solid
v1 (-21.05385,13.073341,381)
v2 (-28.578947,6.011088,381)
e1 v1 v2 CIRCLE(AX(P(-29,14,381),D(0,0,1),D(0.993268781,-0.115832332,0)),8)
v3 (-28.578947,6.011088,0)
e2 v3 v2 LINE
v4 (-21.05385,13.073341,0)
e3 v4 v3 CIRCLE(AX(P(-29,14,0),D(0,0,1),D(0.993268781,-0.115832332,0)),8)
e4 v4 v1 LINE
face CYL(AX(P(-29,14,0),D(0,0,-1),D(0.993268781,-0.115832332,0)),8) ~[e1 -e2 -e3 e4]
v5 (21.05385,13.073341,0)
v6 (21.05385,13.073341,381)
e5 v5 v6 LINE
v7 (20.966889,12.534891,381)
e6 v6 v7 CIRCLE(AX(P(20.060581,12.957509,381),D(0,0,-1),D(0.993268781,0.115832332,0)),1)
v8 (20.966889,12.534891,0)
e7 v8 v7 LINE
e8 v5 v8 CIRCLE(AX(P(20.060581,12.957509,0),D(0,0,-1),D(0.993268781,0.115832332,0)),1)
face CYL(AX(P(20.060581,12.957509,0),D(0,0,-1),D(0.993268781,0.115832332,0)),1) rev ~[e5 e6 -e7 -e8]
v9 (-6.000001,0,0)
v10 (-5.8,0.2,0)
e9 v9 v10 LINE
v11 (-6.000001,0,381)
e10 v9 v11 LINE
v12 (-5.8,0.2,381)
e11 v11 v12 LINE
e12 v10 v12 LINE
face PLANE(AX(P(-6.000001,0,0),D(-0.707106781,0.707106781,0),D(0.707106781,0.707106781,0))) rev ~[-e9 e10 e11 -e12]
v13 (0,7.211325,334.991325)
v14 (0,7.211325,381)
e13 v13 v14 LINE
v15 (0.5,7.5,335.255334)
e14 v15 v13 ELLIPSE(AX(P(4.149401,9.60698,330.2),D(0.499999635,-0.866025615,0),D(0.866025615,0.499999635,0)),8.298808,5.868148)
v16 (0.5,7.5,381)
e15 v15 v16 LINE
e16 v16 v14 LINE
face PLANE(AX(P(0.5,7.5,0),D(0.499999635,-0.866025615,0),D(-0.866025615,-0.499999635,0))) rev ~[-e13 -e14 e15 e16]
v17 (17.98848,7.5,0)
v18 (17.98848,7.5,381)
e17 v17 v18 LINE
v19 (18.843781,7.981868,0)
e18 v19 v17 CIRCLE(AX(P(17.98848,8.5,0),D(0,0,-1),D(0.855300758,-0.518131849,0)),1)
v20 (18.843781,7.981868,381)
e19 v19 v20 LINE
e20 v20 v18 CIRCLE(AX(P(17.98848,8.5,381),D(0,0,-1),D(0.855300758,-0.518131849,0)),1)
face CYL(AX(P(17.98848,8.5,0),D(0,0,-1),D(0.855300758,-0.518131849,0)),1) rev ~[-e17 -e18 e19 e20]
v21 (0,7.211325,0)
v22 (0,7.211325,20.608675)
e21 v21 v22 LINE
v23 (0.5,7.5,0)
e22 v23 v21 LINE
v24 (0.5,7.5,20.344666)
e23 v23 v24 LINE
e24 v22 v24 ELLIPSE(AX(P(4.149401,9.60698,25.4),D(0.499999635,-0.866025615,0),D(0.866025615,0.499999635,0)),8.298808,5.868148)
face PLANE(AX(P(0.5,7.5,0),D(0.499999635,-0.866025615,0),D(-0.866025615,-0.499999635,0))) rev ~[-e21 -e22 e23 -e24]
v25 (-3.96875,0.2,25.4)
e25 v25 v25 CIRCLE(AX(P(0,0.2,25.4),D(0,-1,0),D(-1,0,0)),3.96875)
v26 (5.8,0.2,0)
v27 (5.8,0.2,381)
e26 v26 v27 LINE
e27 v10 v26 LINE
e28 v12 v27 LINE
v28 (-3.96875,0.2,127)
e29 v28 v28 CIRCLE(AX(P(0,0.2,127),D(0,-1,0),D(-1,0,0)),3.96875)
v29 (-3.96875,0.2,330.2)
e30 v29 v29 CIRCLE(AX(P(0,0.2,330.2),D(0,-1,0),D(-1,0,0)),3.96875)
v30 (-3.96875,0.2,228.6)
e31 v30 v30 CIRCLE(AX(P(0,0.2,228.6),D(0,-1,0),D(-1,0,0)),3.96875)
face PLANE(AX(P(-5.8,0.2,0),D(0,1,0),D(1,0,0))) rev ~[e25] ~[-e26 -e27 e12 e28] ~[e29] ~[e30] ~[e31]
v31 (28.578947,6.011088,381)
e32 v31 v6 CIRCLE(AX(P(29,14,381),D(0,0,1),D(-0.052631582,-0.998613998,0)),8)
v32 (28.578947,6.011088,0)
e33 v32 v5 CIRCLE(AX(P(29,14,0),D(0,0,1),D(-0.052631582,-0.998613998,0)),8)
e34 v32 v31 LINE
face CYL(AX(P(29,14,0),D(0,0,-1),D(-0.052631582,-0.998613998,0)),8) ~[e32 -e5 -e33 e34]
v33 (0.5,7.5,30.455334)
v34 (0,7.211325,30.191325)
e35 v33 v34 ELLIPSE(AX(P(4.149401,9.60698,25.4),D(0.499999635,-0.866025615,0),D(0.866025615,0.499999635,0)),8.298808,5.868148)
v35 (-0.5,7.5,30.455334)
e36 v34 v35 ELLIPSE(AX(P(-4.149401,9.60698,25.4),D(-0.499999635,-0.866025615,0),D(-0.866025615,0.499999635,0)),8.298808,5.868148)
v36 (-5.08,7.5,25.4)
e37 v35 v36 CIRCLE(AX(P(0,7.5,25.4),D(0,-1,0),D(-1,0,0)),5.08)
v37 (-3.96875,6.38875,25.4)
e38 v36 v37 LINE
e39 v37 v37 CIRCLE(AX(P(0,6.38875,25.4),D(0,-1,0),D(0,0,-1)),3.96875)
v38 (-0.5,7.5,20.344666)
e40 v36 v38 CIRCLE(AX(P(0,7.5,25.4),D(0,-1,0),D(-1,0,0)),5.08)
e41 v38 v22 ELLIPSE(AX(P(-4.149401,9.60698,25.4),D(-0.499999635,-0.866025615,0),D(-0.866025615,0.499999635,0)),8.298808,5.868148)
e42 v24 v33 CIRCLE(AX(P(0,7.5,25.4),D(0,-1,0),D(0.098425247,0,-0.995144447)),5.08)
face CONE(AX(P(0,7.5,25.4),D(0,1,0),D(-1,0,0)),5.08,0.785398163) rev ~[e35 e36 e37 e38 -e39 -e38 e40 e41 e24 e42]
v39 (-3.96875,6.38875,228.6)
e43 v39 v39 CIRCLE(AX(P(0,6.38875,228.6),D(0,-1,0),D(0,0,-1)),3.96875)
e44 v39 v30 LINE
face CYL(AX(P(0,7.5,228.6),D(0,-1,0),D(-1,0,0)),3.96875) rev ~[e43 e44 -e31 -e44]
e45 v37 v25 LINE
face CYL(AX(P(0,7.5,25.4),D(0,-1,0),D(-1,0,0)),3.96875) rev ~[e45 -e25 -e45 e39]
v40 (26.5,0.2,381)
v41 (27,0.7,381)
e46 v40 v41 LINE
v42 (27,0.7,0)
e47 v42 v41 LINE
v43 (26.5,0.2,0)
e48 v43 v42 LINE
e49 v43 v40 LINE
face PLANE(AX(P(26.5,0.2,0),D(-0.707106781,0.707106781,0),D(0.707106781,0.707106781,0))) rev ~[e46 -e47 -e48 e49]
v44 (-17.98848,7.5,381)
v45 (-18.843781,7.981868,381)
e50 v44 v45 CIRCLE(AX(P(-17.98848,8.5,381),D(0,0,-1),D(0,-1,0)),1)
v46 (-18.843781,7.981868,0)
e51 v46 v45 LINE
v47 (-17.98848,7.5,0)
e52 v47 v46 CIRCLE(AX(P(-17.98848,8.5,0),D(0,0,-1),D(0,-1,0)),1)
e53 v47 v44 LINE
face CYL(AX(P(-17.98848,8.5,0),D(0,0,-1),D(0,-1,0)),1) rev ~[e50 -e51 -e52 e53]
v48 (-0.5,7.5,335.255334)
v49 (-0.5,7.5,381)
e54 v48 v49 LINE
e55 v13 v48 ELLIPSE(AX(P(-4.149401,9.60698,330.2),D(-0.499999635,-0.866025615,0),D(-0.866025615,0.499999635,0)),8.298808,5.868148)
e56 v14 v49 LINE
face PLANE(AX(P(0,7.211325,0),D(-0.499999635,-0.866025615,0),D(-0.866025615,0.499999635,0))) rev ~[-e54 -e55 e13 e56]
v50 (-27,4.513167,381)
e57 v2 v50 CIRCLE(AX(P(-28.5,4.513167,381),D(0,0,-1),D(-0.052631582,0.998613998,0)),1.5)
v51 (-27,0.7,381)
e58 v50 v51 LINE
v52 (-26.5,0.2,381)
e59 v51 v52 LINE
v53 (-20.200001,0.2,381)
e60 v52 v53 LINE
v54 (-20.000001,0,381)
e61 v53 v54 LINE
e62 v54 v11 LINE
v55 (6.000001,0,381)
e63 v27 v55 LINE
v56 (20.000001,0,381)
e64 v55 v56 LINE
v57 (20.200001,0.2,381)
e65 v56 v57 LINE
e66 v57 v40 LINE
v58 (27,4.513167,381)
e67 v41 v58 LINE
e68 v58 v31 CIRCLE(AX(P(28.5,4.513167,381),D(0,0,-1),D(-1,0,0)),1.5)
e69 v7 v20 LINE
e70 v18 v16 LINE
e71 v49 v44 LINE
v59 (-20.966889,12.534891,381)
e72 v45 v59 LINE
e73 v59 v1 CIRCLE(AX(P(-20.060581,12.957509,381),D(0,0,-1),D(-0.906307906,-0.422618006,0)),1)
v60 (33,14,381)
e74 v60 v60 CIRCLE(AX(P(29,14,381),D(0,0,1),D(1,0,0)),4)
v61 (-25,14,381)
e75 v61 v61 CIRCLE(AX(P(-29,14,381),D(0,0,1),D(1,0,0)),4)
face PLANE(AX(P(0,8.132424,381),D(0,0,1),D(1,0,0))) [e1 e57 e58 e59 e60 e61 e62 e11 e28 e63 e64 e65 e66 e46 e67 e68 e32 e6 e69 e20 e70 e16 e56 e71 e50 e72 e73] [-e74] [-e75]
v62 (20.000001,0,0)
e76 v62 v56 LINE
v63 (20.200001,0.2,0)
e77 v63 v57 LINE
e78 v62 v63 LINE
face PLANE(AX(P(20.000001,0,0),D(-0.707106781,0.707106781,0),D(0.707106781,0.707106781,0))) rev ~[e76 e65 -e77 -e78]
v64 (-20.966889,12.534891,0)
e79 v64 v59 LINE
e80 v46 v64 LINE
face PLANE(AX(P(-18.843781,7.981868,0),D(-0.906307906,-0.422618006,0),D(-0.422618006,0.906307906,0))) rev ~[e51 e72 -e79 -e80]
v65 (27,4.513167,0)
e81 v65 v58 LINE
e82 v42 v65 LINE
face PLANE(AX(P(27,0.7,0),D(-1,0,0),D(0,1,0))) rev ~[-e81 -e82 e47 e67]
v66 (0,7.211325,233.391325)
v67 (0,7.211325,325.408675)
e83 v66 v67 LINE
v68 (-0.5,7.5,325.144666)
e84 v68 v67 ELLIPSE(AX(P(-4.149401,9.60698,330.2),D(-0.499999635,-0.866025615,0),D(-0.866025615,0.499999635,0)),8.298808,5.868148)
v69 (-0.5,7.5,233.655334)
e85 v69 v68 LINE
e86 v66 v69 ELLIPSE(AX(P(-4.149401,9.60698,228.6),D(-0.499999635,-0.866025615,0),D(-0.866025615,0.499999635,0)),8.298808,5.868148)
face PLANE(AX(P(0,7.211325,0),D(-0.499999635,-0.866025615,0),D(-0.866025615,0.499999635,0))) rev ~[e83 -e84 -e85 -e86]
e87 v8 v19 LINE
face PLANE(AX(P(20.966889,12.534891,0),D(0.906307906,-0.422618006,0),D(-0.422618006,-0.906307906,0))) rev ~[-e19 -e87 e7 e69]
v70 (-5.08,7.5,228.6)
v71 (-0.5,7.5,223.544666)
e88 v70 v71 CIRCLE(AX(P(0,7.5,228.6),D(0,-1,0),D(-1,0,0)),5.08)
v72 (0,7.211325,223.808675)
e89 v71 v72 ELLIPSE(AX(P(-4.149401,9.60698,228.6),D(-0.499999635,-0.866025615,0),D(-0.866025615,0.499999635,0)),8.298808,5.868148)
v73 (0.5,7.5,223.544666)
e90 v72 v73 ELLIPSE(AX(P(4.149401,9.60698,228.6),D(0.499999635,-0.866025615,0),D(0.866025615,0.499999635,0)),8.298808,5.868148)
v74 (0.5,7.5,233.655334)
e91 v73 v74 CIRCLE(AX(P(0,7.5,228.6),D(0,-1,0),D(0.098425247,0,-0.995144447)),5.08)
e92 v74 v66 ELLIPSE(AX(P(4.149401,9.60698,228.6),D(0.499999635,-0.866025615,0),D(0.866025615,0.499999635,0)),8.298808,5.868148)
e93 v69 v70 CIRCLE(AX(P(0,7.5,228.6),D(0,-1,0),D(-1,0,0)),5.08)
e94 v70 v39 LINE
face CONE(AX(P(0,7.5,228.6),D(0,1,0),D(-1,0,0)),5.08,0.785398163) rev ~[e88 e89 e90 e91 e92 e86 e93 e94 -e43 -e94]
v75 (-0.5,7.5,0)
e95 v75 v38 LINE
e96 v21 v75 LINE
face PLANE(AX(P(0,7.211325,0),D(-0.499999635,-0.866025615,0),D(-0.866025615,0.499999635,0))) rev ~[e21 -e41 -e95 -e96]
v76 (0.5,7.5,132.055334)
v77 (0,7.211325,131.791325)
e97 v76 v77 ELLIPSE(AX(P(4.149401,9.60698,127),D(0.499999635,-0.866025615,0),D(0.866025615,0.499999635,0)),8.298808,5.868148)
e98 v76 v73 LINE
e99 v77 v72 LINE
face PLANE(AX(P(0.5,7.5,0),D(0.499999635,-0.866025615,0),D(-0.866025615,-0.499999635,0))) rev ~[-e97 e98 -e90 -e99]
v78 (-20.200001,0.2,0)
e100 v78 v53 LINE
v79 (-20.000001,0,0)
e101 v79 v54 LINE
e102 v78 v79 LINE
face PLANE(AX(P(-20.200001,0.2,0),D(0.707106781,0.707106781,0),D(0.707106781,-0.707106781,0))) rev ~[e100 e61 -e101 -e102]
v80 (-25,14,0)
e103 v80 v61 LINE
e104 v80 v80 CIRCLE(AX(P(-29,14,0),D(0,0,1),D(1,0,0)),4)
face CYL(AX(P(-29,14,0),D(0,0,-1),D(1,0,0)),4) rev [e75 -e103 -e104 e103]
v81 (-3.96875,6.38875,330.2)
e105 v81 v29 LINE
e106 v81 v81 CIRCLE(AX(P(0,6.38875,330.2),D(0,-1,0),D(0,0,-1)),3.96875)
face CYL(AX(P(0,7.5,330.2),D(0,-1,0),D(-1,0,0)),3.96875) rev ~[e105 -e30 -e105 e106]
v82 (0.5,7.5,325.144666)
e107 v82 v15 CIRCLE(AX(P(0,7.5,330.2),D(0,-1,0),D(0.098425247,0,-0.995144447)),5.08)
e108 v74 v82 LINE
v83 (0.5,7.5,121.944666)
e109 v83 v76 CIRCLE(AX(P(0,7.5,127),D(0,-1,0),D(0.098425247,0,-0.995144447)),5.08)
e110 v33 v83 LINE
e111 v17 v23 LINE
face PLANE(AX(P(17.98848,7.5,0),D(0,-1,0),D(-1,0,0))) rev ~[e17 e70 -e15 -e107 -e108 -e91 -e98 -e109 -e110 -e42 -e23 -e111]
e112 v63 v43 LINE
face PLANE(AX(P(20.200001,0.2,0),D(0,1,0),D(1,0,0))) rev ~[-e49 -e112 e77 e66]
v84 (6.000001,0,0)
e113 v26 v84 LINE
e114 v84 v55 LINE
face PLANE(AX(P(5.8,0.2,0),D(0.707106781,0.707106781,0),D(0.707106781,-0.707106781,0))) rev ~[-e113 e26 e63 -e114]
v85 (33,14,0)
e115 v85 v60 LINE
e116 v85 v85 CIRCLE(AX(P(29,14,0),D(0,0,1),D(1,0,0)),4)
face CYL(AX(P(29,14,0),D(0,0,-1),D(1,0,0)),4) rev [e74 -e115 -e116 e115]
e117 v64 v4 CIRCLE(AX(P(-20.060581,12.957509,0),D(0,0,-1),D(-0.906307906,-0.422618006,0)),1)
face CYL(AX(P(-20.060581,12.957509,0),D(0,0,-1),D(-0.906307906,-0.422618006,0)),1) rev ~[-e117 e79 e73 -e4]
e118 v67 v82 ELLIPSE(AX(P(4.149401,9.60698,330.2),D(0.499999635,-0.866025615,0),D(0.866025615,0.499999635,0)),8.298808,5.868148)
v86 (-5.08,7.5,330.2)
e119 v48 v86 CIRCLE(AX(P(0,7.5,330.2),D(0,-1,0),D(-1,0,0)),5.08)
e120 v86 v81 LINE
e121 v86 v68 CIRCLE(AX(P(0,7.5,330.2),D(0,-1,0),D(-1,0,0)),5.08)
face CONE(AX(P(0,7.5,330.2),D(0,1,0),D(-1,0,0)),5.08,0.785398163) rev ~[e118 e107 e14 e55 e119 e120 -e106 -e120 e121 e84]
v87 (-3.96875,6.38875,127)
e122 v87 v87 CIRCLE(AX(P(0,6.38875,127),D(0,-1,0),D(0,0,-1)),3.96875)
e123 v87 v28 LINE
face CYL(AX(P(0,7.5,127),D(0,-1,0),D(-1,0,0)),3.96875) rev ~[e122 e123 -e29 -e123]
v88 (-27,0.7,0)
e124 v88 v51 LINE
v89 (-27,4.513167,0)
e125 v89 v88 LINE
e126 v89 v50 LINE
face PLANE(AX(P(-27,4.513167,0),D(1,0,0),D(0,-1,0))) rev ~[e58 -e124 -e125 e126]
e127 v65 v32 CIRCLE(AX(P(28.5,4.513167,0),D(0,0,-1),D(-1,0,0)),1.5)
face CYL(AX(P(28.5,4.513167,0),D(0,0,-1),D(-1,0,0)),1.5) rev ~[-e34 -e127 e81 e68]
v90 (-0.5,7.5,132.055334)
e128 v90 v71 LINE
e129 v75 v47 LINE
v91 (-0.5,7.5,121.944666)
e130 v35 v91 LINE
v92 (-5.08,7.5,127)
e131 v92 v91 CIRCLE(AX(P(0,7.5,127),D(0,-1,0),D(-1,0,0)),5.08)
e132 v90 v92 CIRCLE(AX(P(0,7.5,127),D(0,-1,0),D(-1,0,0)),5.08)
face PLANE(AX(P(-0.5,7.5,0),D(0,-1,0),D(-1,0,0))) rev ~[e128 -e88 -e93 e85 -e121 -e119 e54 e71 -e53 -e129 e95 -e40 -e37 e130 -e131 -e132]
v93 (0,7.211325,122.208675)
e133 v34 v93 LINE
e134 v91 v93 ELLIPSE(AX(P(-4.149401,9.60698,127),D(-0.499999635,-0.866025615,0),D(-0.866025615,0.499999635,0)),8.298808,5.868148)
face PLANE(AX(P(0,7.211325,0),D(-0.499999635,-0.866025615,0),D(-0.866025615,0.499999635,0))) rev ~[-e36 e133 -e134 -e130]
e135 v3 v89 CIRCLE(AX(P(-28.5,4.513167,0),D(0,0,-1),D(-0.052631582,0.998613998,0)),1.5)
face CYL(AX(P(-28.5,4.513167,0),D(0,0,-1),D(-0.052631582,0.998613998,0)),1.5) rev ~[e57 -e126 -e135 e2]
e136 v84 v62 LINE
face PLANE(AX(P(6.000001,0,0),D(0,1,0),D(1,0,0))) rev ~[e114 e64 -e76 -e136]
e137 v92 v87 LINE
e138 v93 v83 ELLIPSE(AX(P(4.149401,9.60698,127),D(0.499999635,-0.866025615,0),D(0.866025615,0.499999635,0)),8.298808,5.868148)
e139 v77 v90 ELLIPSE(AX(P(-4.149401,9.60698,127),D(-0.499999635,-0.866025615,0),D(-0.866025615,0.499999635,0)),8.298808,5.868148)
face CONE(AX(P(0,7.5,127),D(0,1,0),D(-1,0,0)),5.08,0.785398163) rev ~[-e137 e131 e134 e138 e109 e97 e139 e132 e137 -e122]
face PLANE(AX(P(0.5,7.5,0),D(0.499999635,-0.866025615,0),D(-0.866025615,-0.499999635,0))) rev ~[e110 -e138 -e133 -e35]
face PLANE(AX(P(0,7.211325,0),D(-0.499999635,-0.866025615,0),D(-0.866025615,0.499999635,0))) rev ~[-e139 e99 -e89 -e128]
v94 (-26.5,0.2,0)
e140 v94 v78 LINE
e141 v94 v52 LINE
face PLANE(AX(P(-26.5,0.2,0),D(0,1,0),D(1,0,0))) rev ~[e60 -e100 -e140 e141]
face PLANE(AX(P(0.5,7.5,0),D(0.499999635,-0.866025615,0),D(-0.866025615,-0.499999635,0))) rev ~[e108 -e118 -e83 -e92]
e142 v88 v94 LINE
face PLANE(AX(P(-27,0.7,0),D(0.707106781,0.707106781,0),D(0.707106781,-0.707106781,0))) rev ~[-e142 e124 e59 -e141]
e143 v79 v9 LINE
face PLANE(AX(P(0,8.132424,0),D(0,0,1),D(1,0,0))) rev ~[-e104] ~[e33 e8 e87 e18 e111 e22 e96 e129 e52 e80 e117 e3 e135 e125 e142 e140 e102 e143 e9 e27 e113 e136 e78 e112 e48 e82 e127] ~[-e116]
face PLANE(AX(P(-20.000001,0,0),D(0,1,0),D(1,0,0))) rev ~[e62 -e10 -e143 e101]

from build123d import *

# Parameters (mm, degrees)
MODEL_R                           = 3.999999997
BOSS_EXTRUDE1_DEPTH               = 381
F_3_8_16_TAPPED_HOLE1_D           = 7.9375
F_3_8_16_TAPPED_HOLE1_CSINK_D     = 10.16
F_3_8_16_TAPPED_HOLE1_CSINK_ANGLE = 90


with BuildPart() as part:
    # Model → Boss-Extrude1 (new body)
    with BuildSketch(Plane.XY):
        with BuildLine():
            Line((-18.843780991, 7.981867858), (-20.966888929, 12.534890876))
            ThreePointArc((-20.966888929, 12.534890876), (-21.047789267, 12.798072701), (-21.053849819, 13.07334131))
            ThreePointArc((-21.053849819, 13.07334131), (-34.474612004, 19.833405747), (-28.578947374, 6.011088019))
            ThreePointArc((-28.578947374, 6.011088019), (-27.4676292, 5.601381399), (-27.000000001, 4.513167022))
            Line((-27.000000001, 4.513167022), (-27.000000001, 0.700000022))
            Line((-27.000000001, 0.700000022), (-26.500000001, 0.200000022))
            Line((-26.500000001, 0.200000022), (-20.200001001, 0.200000022))
            Line((-20.200001001, 0.200000022), (-20.000000979, 0))
            Line((-20.000000979, 0), (-6.000000502, 0))
            Line((-6.000000502, 0), (-5.80000048, 0.200000022))
            Line((-5.80000048, 0.200000022), (5.80000048, 0.200000022))
            Line((5.80000048, 0.200000022), (6.000000502, 0))
            Line((6.000000502, 0), (20.000000979, 0))
            Line((20.000000979, 0), (20.200001001, 0.200000022))
            Line((20.200001001, 0.200000022), (26.500000001, 0.200000022))
            Line((26.500000001, 0.200000022), (27.000000001, 0.700000022))
            Line((27.000000001, 0.700000022), (27.000000001, 4.513167022))
            ThreePointArc((27.000000001, 4.513167022), (27.4676292, 5.601381399), (28.578947374, 6.011088019))
            ThreePointArc((28.578947374, 6.011088019), (34.474612004, 19.833405747), (21.053849819, 13.07334131))
            ThreePointArc((21.053849819, 13.07334131), (21.047789267, 12.798072701), (20.966888929, 12.534890876))
            Line((20.966888929, 12.534890876), (18.843780991, 7.981867858))
            ThreePointArc((18.843780991, 7.981867858), (18.479330527, 7.628755749), (17.98848008, 7.499999621))
            Line((17.98848008, 7.499999621), (0.500000254, 7.499999621))
            Line((0.500000254, 7.499999621), (0, 7.211324621))
            Line((0, 7.211324621), (-0.500000254, 7.499999621))
            Line((-0.500000254, 7.499999621), (-17.98848008, 7.499999621))
            ThreePointArc((-17.98848008, 7.499999621), (-18.479330527, 7.628755749), (-18.843780991, 7.981867858))
        make_face()
        with Locations((-29.000000026, 13.999999962)):
            Circle(MODEL_R, mode=Mode.SUBTRACT)
        with Locations((29.000000026, 13.999999962)):
            Circle(MODEL_R, mode=Mode.SUBTRACT)
    extrude(amount=BOSS_EXTRUDE1_DEPTH)

    # 3/8-16 Tapped Hole1 (through all)
    with Locations(Plane(origin=(0, 7.499999621, 0), x_dir=(1, 0, 0), z_dir=(0, 1, 0))):
        with Locations((0, -25.4), (0, -127), (0, -228.6), (0, -330.2), (0, -431.8), (0, -533.4), (0, -635), (0, -736.6), (0, -838.2), (0, -939.8), (0, -1041.4), (0, -1143), (0, -1244.6), (0, -1346.2), (0, -1447.8), (0, -1549.4), (0, -1651), (0, -1752.6), (0, -1854.2), (0, -1955.8)):
            CounterSinkHole(F_3_8_16_TAPPED_HOLE1_D / 2, F_3_8_16_TAPPED_HOLE1_CSINK_D / 2, counter_sink_angle=F_3_8_16_TAPPED_HOLE1_CSINK_ANGLE)


solid = part.part
